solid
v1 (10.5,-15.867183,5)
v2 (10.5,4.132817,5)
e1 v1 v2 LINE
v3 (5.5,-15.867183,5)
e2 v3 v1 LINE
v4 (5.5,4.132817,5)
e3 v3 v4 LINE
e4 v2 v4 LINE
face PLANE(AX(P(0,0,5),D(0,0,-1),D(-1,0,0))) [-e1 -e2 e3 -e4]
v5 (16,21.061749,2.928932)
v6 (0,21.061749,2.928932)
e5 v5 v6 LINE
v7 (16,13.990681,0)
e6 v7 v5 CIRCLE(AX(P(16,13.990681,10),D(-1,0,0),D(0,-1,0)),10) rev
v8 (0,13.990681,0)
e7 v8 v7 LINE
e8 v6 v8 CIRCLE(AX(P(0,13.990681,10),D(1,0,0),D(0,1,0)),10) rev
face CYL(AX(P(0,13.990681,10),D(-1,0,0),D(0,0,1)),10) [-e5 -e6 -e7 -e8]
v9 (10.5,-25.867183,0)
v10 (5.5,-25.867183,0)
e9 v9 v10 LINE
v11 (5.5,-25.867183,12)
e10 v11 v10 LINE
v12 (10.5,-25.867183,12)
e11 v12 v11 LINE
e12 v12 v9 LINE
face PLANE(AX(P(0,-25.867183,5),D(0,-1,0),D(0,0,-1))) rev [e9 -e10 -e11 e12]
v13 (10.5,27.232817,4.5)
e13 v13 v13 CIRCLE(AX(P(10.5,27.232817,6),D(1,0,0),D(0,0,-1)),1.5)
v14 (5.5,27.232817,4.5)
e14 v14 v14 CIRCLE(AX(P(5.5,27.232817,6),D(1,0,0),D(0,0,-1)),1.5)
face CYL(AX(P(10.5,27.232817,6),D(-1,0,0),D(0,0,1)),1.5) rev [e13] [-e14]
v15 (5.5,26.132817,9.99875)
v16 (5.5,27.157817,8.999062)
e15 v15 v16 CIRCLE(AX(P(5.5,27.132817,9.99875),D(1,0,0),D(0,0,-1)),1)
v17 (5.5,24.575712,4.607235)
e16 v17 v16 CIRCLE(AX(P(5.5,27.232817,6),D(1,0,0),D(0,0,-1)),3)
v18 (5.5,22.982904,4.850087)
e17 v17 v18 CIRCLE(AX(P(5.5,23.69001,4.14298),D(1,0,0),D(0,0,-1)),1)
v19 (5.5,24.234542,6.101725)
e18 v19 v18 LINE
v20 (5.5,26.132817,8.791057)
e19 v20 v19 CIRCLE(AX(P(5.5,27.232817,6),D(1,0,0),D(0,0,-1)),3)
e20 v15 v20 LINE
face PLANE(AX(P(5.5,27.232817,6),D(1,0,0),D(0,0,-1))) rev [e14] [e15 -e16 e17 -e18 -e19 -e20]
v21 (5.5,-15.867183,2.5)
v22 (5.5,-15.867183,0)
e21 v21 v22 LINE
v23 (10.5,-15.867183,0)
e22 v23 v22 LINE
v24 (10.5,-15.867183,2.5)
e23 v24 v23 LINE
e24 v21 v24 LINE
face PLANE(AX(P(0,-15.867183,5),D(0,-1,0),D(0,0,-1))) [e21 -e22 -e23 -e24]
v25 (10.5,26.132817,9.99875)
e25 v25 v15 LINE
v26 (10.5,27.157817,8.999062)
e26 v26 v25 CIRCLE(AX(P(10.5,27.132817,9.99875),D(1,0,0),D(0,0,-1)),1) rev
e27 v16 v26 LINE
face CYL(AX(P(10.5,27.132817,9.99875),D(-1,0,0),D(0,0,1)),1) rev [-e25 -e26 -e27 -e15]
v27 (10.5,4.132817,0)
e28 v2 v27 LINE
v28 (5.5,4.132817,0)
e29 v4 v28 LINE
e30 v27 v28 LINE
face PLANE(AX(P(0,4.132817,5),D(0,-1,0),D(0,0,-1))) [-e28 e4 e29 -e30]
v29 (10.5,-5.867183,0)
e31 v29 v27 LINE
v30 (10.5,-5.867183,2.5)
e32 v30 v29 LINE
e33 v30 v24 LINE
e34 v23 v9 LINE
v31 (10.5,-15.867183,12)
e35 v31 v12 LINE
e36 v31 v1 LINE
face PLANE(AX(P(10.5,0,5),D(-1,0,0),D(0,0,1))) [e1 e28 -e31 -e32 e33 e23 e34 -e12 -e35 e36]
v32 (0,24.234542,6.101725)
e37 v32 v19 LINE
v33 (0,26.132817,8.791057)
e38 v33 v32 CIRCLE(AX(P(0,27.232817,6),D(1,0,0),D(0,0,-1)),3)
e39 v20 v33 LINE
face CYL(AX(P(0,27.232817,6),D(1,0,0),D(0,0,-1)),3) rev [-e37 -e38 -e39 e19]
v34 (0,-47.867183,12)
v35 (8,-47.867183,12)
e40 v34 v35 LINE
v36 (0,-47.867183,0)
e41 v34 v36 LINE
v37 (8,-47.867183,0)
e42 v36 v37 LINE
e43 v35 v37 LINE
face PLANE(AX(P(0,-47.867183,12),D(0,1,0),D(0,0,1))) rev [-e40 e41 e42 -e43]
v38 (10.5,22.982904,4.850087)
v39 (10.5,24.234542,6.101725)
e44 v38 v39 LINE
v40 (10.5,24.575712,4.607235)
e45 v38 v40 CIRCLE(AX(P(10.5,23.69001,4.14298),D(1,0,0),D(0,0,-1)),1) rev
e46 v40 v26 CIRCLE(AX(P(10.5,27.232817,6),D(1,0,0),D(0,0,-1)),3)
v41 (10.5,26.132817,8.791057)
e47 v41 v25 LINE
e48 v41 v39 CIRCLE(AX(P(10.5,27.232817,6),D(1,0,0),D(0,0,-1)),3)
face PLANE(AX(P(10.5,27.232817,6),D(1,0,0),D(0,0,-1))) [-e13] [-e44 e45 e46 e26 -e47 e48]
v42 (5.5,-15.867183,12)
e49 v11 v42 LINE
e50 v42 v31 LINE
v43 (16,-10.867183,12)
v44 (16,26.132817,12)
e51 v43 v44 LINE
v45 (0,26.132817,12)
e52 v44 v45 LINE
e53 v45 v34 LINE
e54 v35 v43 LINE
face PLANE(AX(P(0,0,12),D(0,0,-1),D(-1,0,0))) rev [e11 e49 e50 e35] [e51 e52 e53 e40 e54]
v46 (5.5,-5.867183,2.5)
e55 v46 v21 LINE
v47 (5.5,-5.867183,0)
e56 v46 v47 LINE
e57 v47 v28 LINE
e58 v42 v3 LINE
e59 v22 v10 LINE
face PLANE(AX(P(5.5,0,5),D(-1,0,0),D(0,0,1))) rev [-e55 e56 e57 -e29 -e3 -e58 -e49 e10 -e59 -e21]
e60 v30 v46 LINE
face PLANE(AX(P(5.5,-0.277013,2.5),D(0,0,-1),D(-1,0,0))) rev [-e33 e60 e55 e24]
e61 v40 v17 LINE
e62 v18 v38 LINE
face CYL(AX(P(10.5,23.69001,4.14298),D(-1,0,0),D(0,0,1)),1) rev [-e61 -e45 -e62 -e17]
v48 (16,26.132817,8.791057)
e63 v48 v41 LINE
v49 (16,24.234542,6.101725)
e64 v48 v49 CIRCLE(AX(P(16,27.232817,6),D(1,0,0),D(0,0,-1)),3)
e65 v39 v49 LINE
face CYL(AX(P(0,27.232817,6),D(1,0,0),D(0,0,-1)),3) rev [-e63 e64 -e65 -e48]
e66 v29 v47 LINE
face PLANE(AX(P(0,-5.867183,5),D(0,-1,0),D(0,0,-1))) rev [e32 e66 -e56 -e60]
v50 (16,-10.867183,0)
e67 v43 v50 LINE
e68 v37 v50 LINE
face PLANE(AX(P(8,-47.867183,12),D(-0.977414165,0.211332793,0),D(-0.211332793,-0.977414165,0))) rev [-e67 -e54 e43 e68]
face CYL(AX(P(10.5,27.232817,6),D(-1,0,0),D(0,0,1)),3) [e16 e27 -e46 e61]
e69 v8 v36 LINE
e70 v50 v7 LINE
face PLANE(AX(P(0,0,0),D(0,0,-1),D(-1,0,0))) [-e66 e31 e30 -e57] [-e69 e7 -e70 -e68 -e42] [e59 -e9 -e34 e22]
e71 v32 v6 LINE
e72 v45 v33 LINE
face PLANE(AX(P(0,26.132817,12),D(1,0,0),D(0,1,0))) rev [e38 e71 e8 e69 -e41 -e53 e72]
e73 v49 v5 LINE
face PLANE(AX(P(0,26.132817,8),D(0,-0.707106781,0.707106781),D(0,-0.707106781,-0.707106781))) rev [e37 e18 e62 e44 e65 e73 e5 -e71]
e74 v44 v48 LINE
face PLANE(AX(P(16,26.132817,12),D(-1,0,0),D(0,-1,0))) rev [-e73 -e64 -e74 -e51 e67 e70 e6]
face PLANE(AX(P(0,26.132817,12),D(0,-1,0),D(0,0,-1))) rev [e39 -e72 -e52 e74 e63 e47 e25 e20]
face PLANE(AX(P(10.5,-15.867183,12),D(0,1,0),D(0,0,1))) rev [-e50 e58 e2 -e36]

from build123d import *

# Parameters (mm, degrees)
BOSS_EXTRUDE1_DEPTH     = 12
CUT_EXTRUDE1_DEPTH      = 50.992671716
CUT_EXTRUDE1_DEPTH_BACK = 50.992671716
CUT_EXTRUDE2_DEPTH      = 50.992671716
CUT_EXTRUDE2_DEPTH_BACK = 50.992671716
SKETCH4_R               = 3
SKETCH4_R_2             = 1.5
SKETCH5_R               = 3
SKETCH5_R_2             = 1.5
BOSS_EXTRUDE2_DEPTH     = 2.5
FILLET1_R               = 1
FILLET2_R               = 10
SKETCH6_W               = 5
SKETCH6_H               = 10
CUT_EXTRUDE3_DEPTH      = 5
SKETCH7_W               = 5
SKETCH7_H               = 2.5
CUT_EXTRUDE4_DEPTH      = 10
SKETCH8_W               = 5
SKETCH8_H               = 10
CUT_EXTRUDE5_DEPTH      = 52.877425006


with BuildPart() as part:
    # Sketch1 → Boss-Extrude1 (new body)
    with BuildSketch(Plane.XY):
        Polygon((0, 26.132816823), (0, -47.867183177), (8, -47.867183177), (16, -10.867183177), (16, 26.132816823), align=None)
    extrude(amount=BOSS_EXTRUDE1_DEPTH)

    # Sketch3 → Cut-Extrude1 (cut, two sides: drawn at the far end of the back side and taken through both)
    with BuildSketch(Plane(origin=(8, 0, 0), x_dir=(0, 0, -1), z_dir=(1, 0, 0)).offset(-CUT_EXTRUDE1_DEPTH_BACK)):
        Polygon((-8, 26.132816823), (0, 26.132816823), (0, 18.132816823), align=None)
    extrude(amount=CUT_EXTRUDE1_DEPTH + CUT_EXTRUDE1_DEPTH_BACK, mode=Mode.SUBTRACT)

    # Sketch4 → Cut-Extrude2 (cut, two sides: drawn at the far end of the back side and taken through both)
    with BuildSketch(Plane(origin=(8, 0, 0), x_dir=(0, 0, -1), z_dir=(1, 0, 0)).offset(-CUT_EXTRUDE2_DEPTH_BACK)):
        with Locations((-6, 27.232816823)):
            Circle(SKETCH4_R)
        with Locations((-6, 27.232816823)):
            Circle(SKETCH4_R_2, mode=Mode.SUBTRACT)
    extrude(amount=CUT_EXTRUDE2_DEPTH + CUT_EXTRUDE2_DEPTH_BACK, mode=Mode.SUBTRACT)

    # Sketch5 → Boss-Extrude2 (add, symmetric)
    with BuildSketch(Plane(origin=(8, 0, 0), x_dir=(0, 0, -1), z_dir=(1, 0, 0))):
        with Locations((-6, 27.232816823)):
            Circle(SKETCH5_R)
        with Locations((-6, 27.232816823)):
            Circle(SKETCH5_R_2, mode=Mode.SUBTRACT)
    extrude(amount=BOSS_EXTRUDE2_DEPTH, both=True)

    # Fillet1
    fillet1_edges = [part.edges().sort_by_distance(p)[0] for p in [
        (8, 24.234541988, 6.101725164),
        (8, 26.132816823, 8.791057147),
    ]]
    fillet(fillet1_edges, radius=FILLET1_R)

    # Fillet2
    fillet2_edges = [part.edges().sort_by_distance(p)[0] for p in [
        (8, 18.132816823, 0),
    ]]
    fillet(fillet2_edges, radius=FILLET2_R)

    # Sketch6 → Cut-Extrude3 (cut)
    with BuildSketch(Plane(origin=(0, 0, 0), x_dir=(-1, 0, 0), z_dir=(0, 0, -1))):
        with Locations((-8, -0.867183177)):
            Rectangle(SKETCH6_W, SKETCH6_H)
        with Locations((-8, -20.867183177)):
            Rectangle(SKETCH6_W, SKETCH6_H)
    extrude(amount=-CUT_EXTRUDE3_DEPTH, mode=Mode.SUBTRACT)

    # Sketch7 → Cut-Extrude4 (cut)
    with BuildSketch(Plane.XZ.offset(15.867183177)):
        with Locations((8, 3.75)):
            Rectangle(SKETCH7_W, SKETCH7_H)
    extrude(amount=-CUT_EXTRUDE4_DEPTH, mode=Mode.SUBTRACT)

    # Sketch8 → Cut-Extrude5 (cut, through all)
    with BuildSketch(Plane(origin=(0, 0, 0), x_dir=(-1, 0, 0), z_dir=(0, 0, -1))):
        with Locations((-8, -20.867183177)):
            Rectangle(SKETCH8_W, SKETCH8_H)
    extrude(amount=-CUT_EXTRUDE5_DEPTH, mode=Mode.SUBTRACT)


solid = part.part
